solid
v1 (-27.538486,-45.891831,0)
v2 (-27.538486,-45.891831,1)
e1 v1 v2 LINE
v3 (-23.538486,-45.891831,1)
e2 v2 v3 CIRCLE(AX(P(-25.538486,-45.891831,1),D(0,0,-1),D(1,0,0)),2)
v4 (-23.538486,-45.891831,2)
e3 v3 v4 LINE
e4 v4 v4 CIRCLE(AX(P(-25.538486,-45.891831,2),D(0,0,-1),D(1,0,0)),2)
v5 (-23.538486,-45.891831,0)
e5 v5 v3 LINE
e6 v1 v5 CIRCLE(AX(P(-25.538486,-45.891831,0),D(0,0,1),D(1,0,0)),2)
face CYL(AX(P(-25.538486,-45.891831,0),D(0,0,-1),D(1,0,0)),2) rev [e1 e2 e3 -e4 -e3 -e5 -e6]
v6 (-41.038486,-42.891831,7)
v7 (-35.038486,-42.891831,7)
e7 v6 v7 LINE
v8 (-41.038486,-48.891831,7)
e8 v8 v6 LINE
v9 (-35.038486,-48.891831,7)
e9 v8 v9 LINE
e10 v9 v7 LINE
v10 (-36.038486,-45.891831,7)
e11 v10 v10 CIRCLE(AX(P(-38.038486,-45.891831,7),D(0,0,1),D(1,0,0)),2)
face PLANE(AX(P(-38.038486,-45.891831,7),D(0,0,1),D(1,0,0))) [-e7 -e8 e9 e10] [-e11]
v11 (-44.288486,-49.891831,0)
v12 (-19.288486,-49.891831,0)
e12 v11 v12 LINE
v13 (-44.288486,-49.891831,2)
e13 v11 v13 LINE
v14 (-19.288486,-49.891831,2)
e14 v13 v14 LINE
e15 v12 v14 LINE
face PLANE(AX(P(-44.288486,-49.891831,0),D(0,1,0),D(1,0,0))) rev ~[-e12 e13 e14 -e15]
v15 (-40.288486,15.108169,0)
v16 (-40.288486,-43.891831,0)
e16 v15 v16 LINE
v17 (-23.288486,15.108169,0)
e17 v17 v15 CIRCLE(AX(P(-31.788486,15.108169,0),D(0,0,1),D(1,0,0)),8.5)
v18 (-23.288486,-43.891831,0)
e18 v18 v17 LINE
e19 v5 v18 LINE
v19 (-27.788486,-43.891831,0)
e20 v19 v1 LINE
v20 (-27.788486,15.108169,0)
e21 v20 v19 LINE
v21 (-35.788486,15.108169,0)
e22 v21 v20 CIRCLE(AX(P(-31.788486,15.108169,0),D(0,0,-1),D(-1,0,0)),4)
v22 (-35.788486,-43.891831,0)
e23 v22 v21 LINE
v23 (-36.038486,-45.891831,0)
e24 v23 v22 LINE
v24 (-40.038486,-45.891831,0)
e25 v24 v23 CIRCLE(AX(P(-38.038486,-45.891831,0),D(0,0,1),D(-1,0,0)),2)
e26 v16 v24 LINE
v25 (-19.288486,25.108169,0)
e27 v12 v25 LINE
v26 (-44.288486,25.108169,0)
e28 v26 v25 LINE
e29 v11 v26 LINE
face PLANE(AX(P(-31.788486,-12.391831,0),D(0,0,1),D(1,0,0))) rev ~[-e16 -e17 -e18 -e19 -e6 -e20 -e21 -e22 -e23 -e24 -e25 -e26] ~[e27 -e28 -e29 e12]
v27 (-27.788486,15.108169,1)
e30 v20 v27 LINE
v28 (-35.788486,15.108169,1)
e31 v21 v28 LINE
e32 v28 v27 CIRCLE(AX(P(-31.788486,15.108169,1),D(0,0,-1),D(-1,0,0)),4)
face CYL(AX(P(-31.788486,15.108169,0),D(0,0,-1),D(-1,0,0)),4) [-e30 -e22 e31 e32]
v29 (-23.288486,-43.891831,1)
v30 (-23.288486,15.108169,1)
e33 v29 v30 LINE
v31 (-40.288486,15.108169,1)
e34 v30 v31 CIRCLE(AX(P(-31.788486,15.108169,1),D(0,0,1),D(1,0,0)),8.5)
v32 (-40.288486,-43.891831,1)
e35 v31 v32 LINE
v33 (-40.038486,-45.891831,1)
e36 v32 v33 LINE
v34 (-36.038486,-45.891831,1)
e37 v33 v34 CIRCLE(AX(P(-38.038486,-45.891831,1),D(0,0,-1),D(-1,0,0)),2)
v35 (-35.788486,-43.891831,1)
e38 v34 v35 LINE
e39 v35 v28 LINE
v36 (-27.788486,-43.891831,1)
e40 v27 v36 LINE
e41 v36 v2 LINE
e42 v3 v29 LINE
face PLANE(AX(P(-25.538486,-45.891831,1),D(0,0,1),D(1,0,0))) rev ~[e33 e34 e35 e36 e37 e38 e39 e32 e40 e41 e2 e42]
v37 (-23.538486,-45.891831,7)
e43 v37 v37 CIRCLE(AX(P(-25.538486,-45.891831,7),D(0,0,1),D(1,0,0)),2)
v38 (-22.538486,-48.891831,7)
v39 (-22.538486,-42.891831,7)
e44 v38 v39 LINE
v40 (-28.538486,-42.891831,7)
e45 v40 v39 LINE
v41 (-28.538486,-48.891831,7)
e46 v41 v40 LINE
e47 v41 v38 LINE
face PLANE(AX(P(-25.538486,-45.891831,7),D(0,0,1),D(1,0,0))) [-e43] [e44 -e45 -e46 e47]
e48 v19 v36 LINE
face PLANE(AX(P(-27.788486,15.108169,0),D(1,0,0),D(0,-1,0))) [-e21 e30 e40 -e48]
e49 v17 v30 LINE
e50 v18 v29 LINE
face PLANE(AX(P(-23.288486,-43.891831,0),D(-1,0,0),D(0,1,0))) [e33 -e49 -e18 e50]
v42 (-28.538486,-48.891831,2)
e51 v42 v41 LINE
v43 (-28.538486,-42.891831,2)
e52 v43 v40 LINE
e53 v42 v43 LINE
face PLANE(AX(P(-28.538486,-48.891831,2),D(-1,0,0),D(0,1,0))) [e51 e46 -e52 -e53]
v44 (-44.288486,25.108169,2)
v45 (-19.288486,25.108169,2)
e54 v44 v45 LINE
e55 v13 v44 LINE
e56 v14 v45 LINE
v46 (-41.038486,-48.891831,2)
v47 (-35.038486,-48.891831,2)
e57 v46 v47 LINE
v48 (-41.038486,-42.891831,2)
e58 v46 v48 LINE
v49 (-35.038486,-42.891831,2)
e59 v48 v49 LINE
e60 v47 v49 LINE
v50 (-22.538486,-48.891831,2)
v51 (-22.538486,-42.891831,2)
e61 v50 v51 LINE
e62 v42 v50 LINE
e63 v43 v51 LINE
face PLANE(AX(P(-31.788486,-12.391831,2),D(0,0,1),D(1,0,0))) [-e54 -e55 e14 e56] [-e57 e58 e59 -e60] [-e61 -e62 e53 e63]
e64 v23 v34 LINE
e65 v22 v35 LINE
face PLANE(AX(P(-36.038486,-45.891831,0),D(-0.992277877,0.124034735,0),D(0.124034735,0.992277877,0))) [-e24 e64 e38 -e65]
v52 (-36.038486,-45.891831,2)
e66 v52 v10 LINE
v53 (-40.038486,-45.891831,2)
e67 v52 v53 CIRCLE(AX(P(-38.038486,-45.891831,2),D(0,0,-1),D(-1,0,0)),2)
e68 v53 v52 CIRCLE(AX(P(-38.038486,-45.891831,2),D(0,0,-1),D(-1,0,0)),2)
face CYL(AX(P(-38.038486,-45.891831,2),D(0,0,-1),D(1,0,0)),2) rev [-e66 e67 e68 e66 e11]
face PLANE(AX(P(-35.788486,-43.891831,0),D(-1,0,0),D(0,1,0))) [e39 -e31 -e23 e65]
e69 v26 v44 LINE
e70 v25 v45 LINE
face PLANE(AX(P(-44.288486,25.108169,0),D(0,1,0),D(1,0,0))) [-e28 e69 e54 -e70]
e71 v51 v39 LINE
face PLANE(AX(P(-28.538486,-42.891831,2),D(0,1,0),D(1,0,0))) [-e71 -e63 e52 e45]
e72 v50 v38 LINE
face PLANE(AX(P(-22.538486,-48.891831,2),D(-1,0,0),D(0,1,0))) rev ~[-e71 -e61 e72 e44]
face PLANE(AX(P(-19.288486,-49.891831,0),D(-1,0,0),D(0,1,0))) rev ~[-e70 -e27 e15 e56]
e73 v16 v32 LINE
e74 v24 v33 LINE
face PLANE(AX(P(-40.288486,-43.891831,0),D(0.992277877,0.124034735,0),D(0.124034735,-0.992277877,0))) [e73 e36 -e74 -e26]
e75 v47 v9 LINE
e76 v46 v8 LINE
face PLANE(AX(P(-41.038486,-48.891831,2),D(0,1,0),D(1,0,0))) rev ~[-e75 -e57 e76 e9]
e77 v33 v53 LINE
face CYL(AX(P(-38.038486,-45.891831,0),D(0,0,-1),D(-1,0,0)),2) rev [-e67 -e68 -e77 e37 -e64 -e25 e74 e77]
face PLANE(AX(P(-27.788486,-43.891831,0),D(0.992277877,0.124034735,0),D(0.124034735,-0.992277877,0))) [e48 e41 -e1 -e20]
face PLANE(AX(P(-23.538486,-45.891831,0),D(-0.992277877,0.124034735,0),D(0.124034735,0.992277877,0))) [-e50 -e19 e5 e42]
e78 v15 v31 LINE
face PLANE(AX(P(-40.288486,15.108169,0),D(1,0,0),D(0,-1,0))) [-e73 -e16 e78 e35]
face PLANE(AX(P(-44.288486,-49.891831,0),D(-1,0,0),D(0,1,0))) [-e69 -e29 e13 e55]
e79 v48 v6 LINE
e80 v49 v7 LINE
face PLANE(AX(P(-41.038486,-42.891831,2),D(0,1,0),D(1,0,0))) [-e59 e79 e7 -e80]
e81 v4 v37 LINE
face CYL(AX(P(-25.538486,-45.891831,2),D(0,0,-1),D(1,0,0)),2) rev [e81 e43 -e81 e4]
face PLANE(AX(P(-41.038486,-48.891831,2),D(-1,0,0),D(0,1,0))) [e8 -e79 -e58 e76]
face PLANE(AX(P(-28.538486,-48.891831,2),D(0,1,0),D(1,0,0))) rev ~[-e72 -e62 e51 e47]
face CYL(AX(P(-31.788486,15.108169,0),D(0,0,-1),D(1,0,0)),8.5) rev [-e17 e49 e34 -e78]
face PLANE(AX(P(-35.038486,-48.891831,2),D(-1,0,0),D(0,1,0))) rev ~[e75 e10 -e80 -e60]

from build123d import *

# Parameters (mm, degrees)
F0_W     = 25
F0_H     = 75
F3_DEPTH = 2
F4_DEPTH = 1
F7_DEPTH = 7
F6_W     = 6
F6_H     = 6
F6_R     = 2
F8_DEPTH = 5


with BuildPart() as f3:
    # F0 (on Top) → F3 (new body)
    with BuildSketch(Plane.XY):
        with Locations((-31.788486, -12.391831)):
            Rectangle(F0_W, F0_H)
    extrude(amount=F3_DEPTH)

    # F1 (on face) → F4 (cut)
    with BuildSketch(Plane.XY):
        with BuildLine():
            ThreePointArc((-27.538486, -45.891831), (-25.538486, -47.891831), (-23.538486, -45.891831))
            ThreePointArc((-23.538486, -45.891831), (-25.538486, -43.891831), (-27.538486, -45.891831))
        make_face()
        with BuildLine():
            ThreePointArc((-27.538486, -45.891831), (-25.538486, -43.891831), (-23.538486, -45.891831))
            Line((-23.538486, -45.891831), (-23.288486, -43.891831))
            Line((-23.288486, -43.891831), (-23.288486, 15.108169))
            ThreePointArc((-23.288486, 15.108169), (-31.788486, 23.608169), (-40.288486, 15.108169))
            Line((-40.288486, 15.108169), (-40.288486, -43.891831))
            Line((-40.288486, -43.891831), (-40.038486, -45.891831))
            ThreePointArc((-40.038486, -45.891831), (-38.038486, -43.891831), (-36.038486, -45.891831))
            Line((-36.038486, -45.891831), (-35.788486, -43.891831))
            Line((-35.788486, -43.891831), (-35.788486, 15.108169))
            ThreePointArc((-35.788486, 15.108169), (-31.788486, 19.108169), (-27.788486, 15.108169))
            Line((-27.788486, 15.108169), (-27.788486, -43.891831))
            Line((-27.788486, -43.891831), (-27.538486, -45.891831))
        make_face()
        with BuildLine():
            ThreePointArc((-36.038486, -45.891831), (-38.038486, -43.891831), (-40.038486, -45.891831))
            ThreePointArc((-40.038486, -45.891831), (-38.038486, -47.891831), (-36.038486, -45.891831))
        make_face()
    extrude(amount=F4_DEPTH, mode=Mode.SUBTRACT)

    # F1 (on face) → F7 (cut)
    with BuildSketch(Plane.XY):
        with BuildLine():
            ThreePointArc((-36.038486, -45.891831), (-38.038486, -43.891831), (-40.038486, -45.891831))
            ThreePointArc((-40.038486, -45.891831), (-38.038486, -47.891831), (-36.038486, -45.891831))
        make_face()
        with BuildLine():
            ThreePointArc((-27.538486, -45.891831), (-25.538486, -47.891831), (-23.538486, -45.891831))
            ThreePointArc((-23.538486, -45.891831), (-25.538486, -43.891831), (-27.538486, -45.891831))
        make_face()
    extrude(amount=F7_DEPTH, mode=Mode.SUBTRACT)

    # F6 (on face) → F8 (join)
    with BuildSketch(Plane.XY.offset(2)):
        with Locations((-38.038486, -45.891831)):
            Rectangle(F6_W, F6_H)
        with Locations((-38.038486, -45.891831)):
            Circle(F6_R, mode=Mode.SUBTRACT)
        with Locations((-25.538486, -45.891831)):
            Rectangle(F6_W, F6_H)
        with Locations((-25.538486, -45.891831)):
            Circle(F6_R, mode=Mode.SUBTRACT)
    extrude(amount=F8_DEPTH)


solid = f3.part
